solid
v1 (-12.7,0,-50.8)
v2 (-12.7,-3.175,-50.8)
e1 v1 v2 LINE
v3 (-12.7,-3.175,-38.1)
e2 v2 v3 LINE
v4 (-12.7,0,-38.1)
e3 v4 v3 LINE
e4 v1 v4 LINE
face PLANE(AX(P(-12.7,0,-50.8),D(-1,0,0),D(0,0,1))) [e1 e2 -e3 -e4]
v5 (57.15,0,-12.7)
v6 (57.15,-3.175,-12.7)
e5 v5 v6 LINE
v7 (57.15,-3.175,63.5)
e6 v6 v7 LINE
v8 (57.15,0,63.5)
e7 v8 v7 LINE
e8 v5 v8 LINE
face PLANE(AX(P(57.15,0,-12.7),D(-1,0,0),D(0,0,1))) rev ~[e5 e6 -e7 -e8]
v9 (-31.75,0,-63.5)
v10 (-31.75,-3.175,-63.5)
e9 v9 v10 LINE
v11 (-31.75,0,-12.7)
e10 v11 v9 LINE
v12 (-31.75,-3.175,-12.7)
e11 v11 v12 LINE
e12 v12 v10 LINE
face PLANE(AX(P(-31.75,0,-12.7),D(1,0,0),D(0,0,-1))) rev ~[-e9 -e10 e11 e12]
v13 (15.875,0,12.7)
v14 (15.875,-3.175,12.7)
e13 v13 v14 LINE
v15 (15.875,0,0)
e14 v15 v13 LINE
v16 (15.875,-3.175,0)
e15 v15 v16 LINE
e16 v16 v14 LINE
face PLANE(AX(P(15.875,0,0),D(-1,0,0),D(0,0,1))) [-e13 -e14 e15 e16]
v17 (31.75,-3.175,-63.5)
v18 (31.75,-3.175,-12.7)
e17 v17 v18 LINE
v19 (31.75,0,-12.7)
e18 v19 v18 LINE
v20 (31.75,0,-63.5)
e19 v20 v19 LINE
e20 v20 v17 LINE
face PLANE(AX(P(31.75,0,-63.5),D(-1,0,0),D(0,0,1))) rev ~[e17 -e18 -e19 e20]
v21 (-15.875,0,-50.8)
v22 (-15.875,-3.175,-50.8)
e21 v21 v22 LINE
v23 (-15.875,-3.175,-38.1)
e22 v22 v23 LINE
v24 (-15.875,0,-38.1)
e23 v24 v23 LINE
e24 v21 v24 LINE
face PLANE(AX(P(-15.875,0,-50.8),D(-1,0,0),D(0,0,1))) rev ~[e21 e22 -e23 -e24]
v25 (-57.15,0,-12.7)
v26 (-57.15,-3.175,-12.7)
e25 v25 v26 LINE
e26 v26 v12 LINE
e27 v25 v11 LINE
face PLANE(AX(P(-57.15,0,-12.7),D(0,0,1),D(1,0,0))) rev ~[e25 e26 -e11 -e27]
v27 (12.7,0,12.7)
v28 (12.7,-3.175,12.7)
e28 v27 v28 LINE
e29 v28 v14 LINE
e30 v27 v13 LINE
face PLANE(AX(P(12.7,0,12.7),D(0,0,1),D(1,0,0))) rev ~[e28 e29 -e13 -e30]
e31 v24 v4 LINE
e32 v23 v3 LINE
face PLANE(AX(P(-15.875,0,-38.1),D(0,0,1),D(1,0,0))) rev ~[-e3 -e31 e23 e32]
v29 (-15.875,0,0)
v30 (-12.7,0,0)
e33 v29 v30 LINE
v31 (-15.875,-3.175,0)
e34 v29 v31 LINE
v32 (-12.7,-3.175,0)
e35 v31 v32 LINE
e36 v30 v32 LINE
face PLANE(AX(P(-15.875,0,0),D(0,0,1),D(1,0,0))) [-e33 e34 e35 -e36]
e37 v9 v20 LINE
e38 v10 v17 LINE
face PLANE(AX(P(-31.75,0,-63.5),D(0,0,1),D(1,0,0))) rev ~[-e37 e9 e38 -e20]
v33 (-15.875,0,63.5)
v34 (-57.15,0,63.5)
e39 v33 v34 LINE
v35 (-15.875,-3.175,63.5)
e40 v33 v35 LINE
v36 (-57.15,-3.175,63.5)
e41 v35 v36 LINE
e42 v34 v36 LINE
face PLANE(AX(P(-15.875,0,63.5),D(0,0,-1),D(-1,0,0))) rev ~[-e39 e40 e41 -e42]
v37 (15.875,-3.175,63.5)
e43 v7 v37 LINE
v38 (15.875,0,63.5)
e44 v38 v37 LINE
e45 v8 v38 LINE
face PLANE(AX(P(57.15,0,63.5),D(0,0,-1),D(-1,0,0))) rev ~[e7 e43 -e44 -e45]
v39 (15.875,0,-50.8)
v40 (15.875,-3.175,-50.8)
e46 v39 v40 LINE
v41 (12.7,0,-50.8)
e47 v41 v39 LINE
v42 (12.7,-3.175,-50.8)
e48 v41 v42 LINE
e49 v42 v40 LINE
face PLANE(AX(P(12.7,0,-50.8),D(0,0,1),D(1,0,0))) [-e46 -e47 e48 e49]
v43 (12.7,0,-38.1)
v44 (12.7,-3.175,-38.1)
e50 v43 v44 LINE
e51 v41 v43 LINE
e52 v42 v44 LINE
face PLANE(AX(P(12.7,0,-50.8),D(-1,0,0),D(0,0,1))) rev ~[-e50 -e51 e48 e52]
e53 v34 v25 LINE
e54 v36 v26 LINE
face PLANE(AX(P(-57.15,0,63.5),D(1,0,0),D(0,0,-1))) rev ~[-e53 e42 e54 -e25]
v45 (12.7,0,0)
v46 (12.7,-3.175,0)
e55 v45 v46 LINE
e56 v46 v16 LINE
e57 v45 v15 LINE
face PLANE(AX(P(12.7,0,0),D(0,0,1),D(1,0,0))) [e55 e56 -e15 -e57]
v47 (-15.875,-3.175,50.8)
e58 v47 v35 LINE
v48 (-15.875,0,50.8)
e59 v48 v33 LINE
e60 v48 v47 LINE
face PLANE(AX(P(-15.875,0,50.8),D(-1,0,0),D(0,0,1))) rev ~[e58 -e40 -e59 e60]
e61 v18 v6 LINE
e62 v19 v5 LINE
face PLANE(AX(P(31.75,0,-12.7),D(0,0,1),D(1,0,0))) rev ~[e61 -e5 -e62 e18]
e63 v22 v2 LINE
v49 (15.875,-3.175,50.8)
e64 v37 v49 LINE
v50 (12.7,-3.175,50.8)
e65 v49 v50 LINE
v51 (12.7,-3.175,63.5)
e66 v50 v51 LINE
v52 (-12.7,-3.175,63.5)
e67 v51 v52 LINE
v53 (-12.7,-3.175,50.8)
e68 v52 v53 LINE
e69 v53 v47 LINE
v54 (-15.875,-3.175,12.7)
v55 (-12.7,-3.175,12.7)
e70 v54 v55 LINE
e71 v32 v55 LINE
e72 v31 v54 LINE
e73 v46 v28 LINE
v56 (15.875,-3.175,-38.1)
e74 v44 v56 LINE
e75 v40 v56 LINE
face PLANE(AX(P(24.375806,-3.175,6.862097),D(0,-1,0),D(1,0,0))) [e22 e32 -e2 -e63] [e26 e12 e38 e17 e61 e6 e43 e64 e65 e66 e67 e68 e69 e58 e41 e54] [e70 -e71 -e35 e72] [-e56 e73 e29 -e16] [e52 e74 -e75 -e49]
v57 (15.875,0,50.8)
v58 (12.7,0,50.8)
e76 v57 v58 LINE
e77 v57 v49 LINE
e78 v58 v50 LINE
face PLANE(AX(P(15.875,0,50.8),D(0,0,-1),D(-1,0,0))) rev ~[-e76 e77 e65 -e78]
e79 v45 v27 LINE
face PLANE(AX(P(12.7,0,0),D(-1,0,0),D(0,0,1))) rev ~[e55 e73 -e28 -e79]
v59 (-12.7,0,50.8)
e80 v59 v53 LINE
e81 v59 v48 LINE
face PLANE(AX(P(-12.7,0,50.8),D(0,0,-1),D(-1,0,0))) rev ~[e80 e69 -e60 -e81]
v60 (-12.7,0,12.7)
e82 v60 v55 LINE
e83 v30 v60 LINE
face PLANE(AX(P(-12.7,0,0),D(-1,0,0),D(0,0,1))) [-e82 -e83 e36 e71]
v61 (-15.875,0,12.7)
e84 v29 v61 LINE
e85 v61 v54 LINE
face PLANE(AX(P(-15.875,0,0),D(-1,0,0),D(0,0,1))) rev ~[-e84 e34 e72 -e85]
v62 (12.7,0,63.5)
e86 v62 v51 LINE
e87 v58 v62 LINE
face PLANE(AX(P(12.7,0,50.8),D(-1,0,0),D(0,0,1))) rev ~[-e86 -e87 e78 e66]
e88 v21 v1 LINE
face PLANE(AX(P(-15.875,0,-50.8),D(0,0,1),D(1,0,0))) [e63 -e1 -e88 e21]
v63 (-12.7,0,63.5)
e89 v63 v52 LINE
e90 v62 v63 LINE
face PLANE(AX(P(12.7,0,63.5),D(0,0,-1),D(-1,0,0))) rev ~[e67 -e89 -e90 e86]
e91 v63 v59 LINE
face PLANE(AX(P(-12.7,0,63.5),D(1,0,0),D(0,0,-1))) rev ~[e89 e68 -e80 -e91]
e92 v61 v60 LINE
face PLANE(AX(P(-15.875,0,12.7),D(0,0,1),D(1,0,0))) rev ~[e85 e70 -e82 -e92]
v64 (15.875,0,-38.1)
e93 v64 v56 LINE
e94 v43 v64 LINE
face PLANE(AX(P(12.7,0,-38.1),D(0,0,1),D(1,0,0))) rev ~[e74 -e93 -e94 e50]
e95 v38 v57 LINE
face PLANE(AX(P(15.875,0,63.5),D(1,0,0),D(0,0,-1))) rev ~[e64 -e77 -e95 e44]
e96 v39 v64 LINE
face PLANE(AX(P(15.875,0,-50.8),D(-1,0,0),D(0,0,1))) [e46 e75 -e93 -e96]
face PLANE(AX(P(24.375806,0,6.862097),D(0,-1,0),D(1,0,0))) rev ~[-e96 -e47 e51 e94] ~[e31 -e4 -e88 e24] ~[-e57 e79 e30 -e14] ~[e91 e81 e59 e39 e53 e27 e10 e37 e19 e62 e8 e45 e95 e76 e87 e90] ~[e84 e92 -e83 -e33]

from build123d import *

# Parameters (mm, degrees)
F0_W     = 3.175
F0_H     = 12.7
F1_DEPTH = 3.175


with BuildPart() as f1:
    # F0 (on Front) → F1 (new body)
    with BuildSketch(Plane.XZ):
        Polygon((57.15, -12.7), (57.15, 63.5), (15.875, 63.5), (15.875, 50.8), (12.7, 50.8), (12.7, 63.5), (0, 63.5), (0, 0), (0, -63.5), (31.75, -63.5), (31.75, -38.1), (31.75, -12.7), align=None)
        with Locations((14.2875, -44.45)):
            Rectangle(F0_W, F0_H, mode=Mode.SUBTRACT)
        with Locations((14.2875, 6.35)):
            Rectangle(F0_W, F0_H, mode=Mode.SUBTRACT)
        Polygon((0, 0), (0, 63.5), (-12.7, 63.5), (-12.7, 50.8), (-15.875, 50.8), (-15.875, 63.5), (-57.15, 63.5), (-57.15, -12.7), (-31.75, -12.7), (-31.75, -38.1), (-31.75, -63.5), (0, -63.5), align=None)
        with Locations((-14.2875, -44.45)):
            Rectangle(F0_W, F0_H, mode=Mode.SUBTRACT)
        with Locations((-14.2875, 6.35)):
            Rectangle(F0_W, F0_H, mode=Mode.SUBTRACT)
    extrude(amount=F1_DEPTH)


solid = f1.part
